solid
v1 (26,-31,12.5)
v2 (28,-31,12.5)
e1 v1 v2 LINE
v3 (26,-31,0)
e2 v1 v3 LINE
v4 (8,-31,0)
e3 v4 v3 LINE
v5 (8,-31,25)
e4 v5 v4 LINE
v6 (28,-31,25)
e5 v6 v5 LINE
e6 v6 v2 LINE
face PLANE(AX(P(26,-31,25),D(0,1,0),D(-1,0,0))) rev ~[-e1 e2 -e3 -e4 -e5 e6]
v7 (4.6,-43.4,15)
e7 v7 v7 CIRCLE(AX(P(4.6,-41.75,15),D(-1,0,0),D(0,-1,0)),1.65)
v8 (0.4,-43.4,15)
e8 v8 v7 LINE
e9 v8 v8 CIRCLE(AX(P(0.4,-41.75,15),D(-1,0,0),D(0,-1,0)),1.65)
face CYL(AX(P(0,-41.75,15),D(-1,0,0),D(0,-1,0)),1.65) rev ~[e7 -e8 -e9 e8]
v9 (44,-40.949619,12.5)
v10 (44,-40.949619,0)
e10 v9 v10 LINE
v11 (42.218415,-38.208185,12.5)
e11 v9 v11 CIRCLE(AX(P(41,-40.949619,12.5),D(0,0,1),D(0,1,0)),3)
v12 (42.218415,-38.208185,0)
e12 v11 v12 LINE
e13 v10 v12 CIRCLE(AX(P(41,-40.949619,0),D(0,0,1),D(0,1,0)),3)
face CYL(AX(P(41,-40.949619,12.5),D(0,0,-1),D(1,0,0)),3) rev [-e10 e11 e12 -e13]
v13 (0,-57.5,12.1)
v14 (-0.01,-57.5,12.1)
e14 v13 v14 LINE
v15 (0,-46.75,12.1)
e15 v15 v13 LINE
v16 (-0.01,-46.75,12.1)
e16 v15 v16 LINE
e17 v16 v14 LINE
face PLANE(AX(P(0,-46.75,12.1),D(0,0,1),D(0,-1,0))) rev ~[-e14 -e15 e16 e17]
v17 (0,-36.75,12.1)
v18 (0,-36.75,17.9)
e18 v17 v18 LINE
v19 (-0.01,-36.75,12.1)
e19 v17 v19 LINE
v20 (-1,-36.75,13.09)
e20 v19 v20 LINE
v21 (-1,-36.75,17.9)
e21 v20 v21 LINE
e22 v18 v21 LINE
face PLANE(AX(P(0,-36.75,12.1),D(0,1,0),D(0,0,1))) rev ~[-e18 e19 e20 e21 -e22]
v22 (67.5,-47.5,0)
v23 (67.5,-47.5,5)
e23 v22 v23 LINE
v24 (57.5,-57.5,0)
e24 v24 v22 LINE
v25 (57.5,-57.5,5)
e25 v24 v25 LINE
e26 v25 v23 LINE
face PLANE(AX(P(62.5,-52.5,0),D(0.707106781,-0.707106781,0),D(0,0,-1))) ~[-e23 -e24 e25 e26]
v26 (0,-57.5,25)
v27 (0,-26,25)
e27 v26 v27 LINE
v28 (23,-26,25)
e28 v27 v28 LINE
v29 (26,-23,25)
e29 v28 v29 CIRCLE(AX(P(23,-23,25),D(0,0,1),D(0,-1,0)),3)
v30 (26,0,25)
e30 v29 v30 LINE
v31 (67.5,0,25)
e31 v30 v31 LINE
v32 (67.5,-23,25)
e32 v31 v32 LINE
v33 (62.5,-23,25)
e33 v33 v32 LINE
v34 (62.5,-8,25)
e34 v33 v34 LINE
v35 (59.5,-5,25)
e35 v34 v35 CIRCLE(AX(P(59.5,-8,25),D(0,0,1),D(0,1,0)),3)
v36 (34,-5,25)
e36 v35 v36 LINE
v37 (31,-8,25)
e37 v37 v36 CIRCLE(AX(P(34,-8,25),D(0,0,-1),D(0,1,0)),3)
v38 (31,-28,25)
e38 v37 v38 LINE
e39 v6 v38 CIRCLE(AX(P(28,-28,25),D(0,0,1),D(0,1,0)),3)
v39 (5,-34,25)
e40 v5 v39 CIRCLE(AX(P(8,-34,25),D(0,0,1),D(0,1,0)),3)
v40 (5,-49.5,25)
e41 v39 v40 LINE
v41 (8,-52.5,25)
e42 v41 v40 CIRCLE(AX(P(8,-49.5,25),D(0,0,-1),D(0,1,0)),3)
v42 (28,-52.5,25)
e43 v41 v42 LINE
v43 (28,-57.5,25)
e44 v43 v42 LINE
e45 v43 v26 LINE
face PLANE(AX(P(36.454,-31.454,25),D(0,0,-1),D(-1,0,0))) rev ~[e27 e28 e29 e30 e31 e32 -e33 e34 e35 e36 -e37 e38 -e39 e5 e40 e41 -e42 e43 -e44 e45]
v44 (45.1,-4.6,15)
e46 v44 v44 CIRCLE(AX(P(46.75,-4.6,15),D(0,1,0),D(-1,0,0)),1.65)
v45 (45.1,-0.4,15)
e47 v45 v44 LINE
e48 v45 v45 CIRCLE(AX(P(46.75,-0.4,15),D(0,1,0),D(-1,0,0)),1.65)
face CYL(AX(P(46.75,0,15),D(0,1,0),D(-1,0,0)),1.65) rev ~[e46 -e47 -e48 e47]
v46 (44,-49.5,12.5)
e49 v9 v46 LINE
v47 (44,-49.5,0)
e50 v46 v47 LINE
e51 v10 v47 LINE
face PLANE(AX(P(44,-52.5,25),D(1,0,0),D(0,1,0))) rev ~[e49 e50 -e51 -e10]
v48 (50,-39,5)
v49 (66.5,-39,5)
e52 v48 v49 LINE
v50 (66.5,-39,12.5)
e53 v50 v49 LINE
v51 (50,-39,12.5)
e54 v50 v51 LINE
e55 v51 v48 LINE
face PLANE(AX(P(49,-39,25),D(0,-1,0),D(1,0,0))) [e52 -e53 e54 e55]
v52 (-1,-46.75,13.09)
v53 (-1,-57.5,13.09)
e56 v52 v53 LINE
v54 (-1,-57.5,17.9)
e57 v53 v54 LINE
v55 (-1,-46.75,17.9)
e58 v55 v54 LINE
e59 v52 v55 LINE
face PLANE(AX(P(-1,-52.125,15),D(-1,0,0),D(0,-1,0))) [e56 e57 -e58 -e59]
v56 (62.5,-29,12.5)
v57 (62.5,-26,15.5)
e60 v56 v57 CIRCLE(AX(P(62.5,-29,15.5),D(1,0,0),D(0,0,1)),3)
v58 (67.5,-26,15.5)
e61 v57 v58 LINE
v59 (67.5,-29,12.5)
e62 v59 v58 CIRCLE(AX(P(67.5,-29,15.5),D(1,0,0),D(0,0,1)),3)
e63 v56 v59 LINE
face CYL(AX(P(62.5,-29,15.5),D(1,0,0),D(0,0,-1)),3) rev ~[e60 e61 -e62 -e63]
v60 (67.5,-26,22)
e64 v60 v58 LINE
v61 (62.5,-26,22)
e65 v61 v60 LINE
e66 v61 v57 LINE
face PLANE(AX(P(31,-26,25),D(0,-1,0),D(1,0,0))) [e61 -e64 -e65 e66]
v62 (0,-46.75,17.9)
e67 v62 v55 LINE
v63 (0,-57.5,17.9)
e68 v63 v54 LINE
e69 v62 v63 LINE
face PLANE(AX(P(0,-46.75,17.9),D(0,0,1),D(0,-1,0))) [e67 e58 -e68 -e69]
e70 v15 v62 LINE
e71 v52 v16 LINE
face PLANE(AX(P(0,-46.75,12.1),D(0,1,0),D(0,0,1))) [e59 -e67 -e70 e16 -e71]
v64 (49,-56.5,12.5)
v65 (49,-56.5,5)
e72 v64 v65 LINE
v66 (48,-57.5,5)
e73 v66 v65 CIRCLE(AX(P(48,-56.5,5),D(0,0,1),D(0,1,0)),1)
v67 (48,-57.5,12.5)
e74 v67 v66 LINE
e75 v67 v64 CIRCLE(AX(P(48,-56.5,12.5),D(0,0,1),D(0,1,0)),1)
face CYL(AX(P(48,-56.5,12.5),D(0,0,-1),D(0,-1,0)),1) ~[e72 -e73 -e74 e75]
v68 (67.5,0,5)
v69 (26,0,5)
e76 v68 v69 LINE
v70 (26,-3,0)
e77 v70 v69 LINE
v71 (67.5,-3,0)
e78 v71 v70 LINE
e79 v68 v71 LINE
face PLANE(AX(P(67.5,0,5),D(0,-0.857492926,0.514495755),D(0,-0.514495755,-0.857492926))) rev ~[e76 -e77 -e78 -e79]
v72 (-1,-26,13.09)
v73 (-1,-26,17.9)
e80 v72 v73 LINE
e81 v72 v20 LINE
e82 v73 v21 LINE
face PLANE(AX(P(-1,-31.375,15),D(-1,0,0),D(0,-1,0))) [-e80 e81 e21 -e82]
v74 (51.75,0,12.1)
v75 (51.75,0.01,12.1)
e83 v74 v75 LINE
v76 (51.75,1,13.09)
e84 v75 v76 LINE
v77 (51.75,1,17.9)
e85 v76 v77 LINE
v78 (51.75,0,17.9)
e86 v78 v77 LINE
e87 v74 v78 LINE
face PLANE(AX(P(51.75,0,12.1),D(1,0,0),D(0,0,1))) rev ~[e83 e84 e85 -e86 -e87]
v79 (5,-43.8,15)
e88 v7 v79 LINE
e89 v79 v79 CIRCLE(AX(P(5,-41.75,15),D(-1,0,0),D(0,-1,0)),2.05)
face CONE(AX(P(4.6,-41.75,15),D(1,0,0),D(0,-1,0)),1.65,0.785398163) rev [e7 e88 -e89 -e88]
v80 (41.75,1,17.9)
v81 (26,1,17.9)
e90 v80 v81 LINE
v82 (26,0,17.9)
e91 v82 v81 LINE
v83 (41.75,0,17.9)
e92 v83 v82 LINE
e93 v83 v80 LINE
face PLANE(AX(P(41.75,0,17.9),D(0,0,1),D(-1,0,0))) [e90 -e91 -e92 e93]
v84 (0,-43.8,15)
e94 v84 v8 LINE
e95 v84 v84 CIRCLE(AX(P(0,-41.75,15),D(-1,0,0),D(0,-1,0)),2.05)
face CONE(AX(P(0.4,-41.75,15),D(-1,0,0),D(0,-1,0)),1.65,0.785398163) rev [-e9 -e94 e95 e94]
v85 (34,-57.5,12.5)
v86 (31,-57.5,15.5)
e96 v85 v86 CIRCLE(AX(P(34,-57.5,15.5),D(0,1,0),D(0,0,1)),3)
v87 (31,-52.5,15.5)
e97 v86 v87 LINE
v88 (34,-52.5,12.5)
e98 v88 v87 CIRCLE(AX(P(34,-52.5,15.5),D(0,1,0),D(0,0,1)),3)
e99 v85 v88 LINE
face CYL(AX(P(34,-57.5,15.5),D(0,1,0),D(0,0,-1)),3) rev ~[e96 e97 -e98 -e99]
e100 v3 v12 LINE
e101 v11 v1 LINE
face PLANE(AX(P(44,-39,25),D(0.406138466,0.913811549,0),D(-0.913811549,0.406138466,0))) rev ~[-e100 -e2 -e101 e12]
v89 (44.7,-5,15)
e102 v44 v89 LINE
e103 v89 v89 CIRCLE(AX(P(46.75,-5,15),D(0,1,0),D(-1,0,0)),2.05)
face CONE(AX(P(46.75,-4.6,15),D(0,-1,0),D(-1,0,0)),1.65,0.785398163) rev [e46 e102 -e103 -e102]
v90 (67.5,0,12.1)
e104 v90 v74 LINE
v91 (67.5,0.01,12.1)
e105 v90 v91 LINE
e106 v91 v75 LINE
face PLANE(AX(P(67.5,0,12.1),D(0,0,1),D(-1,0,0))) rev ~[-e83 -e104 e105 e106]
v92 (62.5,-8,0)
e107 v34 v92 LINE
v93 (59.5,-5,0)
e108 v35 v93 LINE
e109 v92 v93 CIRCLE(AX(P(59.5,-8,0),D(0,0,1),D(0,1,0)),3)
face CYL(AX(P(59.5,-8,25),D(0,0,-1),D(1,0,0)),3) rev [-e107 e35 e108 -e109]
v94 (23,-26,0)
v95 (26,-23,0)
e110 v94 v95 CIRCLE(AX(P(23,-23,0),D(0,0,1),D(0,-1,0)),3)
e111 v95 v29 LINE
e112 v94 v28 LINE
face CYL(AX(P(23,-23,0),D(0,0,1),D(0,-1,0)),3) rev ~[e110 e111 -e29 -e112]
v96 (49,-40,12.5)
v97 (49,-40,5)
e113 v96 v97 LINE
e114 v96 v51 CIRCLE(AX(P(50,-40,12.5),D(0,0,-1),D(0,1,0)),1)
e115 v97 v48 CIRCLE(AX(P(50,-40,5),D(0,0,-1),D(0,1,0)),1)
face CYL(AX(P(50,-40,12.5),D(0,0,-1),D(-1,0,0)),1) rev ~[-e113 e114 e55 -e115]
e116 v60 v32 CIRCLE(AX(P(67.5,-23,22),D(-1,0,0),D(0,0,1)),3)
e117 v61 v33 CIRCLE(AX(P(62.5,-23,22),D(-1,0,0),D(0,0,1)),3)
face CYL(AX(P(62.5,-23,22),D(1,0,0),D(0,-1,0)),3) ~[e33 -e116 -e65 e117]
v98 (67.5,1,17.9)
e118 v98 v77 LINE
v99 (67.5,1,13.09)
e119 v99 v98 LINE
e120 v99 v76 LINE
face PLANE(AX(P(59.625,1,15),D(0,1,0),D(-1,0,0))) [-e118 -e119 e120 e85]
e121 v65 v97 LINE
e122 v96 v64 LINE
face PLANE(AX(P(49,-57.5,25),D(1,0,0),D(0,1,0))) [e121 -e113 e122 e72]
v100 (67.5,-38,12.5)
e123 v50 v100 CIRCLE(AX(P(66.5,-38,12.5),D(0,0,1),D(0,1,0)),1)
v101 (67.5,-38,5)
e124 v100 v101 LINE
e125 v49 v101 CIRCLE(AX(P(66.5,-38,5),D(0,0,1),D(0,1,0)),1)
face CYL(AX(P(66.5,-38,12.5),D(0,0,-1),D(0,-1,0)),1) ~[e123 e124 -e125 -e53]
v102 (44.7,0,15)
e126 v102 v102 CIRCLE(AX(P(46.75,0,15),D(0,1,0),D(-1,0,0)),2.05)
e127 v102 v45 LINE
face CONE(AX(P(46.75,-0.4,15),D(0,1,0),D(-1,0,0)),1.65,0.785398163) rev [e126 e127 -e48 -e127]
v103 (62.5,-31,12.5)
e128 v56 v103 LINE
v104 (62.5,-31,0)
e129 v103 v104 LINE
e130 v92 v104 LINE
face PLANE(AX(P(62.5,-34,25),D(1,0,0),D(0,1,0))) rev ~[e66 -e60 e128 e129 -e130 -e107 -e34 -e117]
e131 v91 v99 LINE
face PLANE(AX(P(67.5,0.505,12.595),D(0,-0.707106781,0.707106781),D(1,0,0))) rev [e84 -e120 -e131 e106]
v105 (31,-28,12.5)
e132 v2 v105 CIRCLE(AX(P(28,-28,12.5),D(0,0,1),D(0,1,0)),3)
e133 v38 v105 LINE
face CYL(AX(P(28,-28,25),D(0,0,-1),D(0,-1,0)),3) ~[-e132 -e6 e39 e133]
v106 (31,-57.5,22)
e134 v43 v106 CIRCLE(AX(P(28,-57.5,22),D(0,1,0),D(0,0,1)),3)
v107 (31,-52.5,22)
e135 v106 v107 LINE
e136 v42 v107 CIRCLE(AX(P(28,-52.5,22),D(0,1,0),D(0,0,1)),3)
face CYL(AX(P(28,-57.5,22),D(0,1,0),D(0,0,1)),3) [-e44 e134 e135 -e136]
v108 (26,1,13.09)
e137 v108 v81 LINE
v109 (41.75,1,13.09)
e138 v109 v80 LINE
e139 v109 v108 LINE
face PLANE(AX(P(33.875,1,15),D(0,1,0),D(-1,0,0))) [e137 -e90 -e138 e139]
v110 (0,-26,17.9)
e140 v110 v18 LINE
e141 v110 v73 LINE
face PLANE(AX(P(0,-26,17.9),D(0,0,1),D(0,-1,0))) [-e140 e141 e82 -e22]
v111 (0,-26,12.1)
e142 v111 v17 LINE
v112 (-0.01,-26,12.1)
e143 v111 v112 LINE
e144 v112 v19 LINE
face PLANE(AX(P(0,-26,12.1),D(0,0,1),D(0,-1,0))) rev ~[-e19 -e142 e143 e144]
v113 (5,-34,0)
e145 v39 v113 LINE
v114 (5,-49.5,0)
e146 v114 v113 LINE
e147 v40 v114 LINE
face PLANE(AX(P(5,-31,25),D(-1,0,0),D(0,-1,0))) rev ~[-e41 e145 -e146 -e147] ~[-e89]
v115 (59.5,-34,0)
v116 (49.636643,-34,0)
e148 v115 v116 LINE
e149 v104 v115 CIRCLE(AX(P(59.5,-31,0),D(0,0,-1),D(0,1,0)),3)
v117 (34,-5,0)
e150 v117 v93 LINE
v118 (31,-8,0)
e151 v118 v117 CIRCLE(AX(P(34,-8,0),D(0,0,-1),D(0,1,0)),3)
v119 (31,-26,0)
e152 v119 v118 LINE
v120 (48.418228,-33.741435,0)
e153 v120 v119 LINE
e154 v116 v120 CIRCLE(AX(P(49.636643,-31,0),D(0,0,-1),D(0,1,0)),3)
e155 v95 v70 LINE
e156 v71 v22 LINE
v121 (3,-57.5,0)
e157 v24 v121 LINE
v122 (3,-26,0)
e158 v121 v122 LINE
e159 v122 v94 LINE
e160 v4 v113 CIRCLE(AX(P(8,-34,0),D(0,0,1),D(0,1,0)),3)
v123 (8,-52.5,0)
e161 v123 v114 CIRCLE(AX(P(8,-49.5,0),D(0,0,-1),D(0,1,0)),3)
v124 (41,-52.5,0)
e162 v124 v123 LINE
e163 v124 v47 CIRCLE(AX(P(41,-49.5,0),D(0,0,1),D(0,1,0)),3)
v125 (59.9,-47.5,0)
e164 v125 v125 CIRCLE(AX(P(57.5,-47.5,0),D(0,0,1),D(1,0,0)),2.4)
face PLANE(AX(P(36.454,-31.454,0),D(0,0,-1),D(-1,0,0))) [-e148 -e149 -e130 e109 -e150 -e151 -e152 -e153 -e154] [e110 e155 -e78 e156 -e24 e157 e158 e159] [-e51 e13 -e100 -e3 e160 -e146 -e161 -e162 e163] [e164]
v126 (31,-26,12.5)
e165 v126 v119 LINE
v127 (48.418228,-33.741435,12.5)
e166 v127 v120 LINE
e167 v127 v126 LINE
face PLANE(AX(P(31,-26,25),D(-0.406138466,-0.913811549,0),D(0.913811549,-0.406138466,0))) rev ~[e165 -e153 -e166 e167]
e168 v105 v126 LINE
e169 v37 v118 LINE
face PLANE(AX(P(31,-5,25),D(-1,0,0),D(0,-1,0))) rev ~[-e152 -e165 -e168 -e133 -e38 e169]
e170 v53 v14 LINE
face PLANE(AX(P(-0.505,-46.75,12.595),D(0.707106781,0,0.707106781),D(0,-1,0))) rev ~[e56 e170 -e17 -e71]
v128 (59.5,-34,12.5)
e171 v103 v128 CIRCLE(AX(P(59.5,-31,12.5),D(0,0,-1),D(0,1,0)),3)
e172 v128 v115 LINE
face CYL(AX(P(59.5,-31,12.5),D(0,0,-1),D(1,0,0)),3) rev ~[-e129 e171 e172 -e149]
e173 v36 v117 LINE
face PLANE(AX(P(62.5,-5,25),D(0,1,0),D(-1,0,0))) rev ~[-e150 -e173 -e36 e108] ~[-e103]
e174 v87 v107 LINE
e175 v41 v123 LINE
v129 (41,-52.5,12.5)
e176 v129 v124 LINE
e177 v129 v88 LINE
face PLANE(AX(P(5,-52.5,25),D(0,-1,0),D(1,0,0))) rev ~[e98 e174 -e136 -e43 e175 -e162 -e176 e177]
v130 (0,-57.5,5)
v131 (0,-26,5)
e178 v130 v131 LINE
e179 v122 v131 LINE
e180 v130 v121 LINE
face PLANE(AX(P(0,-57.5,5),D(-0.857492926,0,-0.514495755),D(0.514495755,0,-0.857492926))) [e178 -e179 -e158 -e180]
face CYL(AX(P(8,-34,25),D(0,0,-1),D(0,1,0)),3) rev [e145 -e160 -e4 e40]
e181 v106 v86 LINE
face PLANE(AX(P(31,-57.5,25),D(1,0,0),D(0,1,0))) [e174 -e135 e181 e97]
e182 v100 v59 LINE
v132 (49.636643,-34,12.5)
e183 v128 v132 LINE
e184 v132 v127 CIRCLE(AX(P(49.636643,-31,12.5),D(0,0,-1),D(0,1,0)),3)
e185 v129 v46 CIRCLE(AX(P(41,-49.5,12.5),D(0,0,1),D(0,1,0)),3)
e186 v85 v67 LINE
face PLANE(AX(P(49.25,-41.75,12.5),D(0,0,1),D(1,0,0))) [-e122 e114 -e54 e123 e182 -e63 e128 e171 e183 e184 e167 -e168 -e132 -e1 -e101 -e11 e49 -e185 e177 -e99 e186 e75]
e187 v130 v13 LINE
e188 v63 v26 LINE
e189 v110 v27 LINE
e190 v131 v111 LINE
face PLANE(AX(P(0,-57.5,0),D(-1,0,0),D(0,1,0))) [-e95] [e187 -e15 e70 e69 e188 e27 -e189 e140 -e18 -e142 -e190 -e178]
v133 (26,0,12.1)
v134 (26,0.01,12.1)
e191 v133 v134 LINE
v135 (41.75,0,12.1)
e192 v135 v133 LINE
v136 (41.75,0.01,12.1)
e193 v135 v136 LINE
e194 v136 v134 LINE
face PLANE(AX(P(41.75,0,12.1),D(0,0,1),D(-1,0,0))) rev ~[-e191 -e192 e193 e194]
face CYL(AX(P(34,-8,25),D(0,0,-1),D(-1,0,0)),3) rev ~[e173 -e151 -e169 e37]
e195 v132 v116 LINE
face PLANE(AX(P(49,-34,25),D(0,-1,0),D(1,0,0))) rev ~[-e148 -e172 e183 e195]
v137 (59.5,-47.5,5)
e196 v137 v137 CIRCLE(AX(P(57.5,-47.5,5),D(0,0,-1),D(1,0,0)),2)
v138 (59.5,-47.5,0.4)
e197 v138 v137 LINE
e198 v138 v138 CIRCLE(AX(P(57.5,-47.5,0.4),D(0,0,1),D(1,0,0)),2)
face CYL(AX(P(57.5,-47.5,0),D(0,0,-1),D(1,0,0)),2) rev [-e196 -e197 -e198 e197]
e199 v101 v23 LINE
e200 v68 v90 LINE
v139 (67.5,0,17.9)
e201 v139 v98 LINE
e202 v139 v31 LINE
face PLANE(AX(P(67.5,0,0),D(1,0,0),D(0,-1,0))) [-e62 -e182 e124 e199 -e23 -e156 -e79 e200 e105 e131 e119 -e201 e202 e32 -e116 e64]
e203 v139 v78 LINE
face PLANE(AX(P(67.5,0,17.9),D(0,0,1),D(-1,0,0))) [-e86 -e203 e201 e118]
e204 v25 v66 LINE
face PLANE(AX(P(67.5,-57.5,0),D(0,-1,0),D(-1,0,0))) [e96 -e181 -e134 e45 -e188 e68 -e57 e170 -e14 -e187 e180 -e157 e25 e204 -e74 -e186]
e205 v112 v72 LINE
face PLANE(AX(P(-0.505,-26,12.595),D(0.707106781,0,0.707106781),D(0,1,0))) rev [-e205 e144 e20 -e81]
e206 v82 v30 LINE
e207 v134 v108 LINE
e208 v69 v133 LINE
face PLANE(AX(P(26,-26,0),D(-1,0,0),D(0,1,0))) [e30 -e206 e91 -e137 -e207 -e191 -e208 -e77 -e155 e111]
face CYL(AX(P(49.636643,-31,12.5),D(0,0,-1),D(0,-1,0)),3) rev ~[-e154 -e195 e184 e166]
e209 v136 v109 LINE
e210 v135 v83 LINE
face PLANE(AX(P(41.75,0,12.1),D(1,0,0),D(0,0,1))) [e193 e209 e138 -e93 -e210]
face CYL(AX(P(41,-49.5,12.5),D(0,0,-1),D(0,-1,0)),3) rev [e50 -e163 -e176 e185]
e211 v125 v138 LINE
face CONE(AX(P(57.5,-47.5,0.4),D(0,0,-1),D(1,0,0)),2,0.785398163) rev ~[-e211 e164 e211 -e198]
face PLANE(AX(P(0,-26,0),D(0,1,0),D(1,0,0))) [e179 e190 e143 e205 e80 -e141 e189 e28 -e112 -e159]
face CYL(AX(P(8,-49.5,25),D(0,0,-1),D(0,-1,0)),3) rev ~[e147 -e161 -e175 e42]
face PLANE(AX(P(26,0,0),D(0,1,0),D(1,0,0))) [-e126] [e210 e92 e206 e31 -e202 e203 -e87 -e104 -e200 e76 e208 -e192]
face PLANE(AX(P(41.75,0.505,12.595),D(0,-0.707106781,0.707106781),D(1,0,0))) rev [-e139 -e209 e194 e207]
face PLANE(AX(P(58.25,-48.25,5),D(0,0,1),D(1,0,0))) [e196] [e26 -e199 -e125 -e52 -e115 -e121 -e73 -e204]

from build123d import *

# Parameters (mm, degrees)
SKETCH_R        = 2
PAD_DEPTH       = 25
SKETCH001_W     = 18.5
SKETCH001_H     = 18.5
POCKET_DEPTH    = 20
CHAMFER_SIZE    = 10
POCKET001_DEPTH = 57.501
POCKET002_DEPTH = 67.501
POCKET003_DEPTH = 25.001
SKETCH005_R     = 1.65
POCKET004_DEPTH = 67.501
SKETCH006_R     = 1.65
POCKET005_DEPTH = 57.501
SKETCH007_W     = 36.5
SKETCH007_H     = 31.5
POCKET006_DEPTH = 12.5
SKETCH008_W     = 5
SKETCH008_H     = 2.222222
POCKET007_DEPTH = 12.5
FILLET_R        = 3
FILLET001_R     = 3
FILLET002_R     = 1
CHAMFER001_SIZE = 0.4
SKETCH009_W     = 10.75
SKETCH009_H     = 5.8
PAD001_DEPTH    = 1
SKETCH010_W     = 15.75
SKETCH010_H     = 5.8
PAD002_DEPTH    = 1
CHAMFER002_SIZE = 0.99


with BuildPart() as part:
    # Sketch → Pad (new body)
    with BuildSketch(Plane.XY):
        Polygon((0, -26), (26, -26), (26, 0), (67.5, 0), (67.5, -57.5), (0, -57.5), align=None)
        with Locations((57.5, -47.5)):
            Circle(SKETCH_R, mode=Mode.SUBTRACT)
    extrude(amount=PAD_DEPTH)

    # Sketch001 (on Face9 of Pad) → Pocket (cut)
    with BuildSketch(Plane.XY.offset(25)):
        with Locations((58.25, -48.25)):
            Rectangle(SKETCH001_W, SKETCH001_H)
    extrude(amount=-POCKET_DEPTH, mode=Mode.SUBTRACT)

    # Chamfer
    chamfer_edges = [part.edges().sort_by_distance(p)[0] for p in [
        (67.5, -57.5, 2.5),
    ]]
    chamfer(chamfer_edges, length=CHAMFER_SIZE)

    # Sketch002 (on Face5 of Chamfer) → Pocket001 (cut, through all)
    with BuildSketch(Plane.XZ.offset(57.5)):
        Polygon((0, 5), (3, 0), (0, 0), align=None)
    extrude(amount=-POCKET001_DEPTH, mode=Mode.SUBTRACT)

    # Sketch003 (on Face2 of Pocket001) → Pocket002 (cut, through all)
    with BuildSketch(Plane.YZ.offset(67.5)):
        Polygon((0, 5), (-3, 0), (0, 0), align=None)
    extrude(amount=-POCKET002_DEPTH, mode=Mode.SUBTRACT)

    # Sketch004 (on Face11 of Pocket002) → Pocket003 (cut, through all)
    with BuildSketch(Plane.XY.offset(25)):
        Polygon((5, -31), (5, -52.5), (44, -52.5), (44, -39), (26, -31), align=None)
        Polygon((31, -26), (49, -34), (62.5, -34), (62.5, -5), (31, -5), align=None)
    extrude(amount=-POCKET003_DEPTH, mode=Mode.SUBTRACT)

    # Sketch005 (on Face24 of Pocket003) → Pocket004 (cut, through all)
    with BuildSketch(Plane(origin=(0, 0, 0), x_dir=(0, -1, 0), z_dir=(-1, 0, 0))):
        with Locations((41.75, 15)):
            Circle(SKETCH005_R)
    extrude(amount=-POCKET004_DEPTH, mode=Mode.SUBTRACT)

    # Sketch006 (on Face20 of Pocket004) → Pocket005 (cut, through all)
    with BuildSketch(Plane(origin=(0, 0, 0), x_dir=(-1, 0, 0), z_dir=(0, 1, 0))):
        with Locations((-46.75, 15)):
            Circle(SKETCH006_R)
    extrude(amount=-POCKET005_DEPTH, mode=Mode.SUBTRACT)

    # Sketch007 (on Face23 of Pocket005) → Pocket006 (cut)
    with BuildSketch(Plane.XY.offset(25)):
        with Locations((49.25, -41.75)):
            Rectangle(SKETCH007_W, SKETCH007_H)
    extrude(amount=-POCKET006_DEPTH, mode=Mode.SUBTRACT)

    # Sketch008 (on Face25 of Pocket006) → Pocket007 (cut)
    with BuildSketch(Plane.XY.offset(25)):
        with Locations((28.5, -32.111111)):
            Rectangle(SKETCH008_W, SKETCH008_H)
    extrude(amount=-POCKET007_DEPTH, mode=Mode.SUBTRACT)

    # Fillet
    fillet_edges = [part.edges().sort_by_distance(p)[0] for p in [
        (31, -55, 25),
        (65, -26, 25),
        (31, -55, 12.5),
        (65, -26, 12.5),
    ]]
    fillet(fillet_edges, radius=FILLET_R)

    # Fillet001
    fillet001_edges = [part.edges().sort_by_distance(p)[0] for p in [
        (5, -52.5, 12.5),
        (5, -31, 12.5),
        (31, -5, 12.5),
        (62.5, -5, 12.5),
        (62.5, -34, 6.25),
        (49, -34, 6.25),
        (44, -39, 6.25),
        (44, -52.5, 6.25),
        (31, -31, 18.75),
        (26, -26, 12.5),
    ]]
    fillet(fillet001_edges, radius=FILLET001_R)

    # Fillet002
    fillet002_edges = [part.edges().sort_by_distance(p)[0] for p in [
        (49, -57.5, 8.75),
        (49, -39, 8.75),
        (67.5, -39, 8.75),
    ]]
    fillet(fillet002_edges, radius=FILLET002_R)

    # Chamfer001
    chamfer001_edges = [part.edges().sort_by_distance(p)[0] for p in [
        (55.5, -47.5, 0),
        (48.4, 0, 15),
        (48.4, -5, 15),
        (5, -40.1, 15),
        (0, -40.1, 15),
    ]]
    chamfer(chamfer001_edges, length=CHAMFER001_SIZE)

    # Sketch009 (on Face32 of Chamfer001) → Pad001 (join)
    with BuildSketch(Plane(origin=(0, 0, 0), x_dir=(0, -1, 0), z_dir=(-1, 0, 0))):
        with Locations((31.375, 15)):
            Rectangle(SKETCH009_W, SKETCH009_H)
        with Locations((52.125, 15)):
            Rectangle(SKETCH009_W, SKETCH009_H)
    extrude(amount=PAD001_DEPTH)

    # Sketch010 (on Face31 of Pad001) → Pad002 (join)
    with BuildSketch(Plane(origin=(0, 0, 0), x_dir=(-1, 0, 0), z_dir=(0, 1, 0))):
        with Locations((-59.625, 15)):
            Rectangle(SKETCH010_W, SKETCH010_H)
        with Locations((-33.875, 15)):
            Rectangle(SKETCH010_W, SKETCH010_H)
    extrude(amount=PAD002_DEPTH)

    # Chamfer002
    chamfer002_edges = [part.edges().sort_by_distance(p)[0] for p in [
        (59.625, 1, 12.1),
        (33.875, 1, 12.1),
        (-1, -31.375, 12.1),
        (-1, -52.125, 12.1),
    ]]
    chamfer(chamfer002_edges, length=CHAMFER002_SIZE)


solid = part.part
